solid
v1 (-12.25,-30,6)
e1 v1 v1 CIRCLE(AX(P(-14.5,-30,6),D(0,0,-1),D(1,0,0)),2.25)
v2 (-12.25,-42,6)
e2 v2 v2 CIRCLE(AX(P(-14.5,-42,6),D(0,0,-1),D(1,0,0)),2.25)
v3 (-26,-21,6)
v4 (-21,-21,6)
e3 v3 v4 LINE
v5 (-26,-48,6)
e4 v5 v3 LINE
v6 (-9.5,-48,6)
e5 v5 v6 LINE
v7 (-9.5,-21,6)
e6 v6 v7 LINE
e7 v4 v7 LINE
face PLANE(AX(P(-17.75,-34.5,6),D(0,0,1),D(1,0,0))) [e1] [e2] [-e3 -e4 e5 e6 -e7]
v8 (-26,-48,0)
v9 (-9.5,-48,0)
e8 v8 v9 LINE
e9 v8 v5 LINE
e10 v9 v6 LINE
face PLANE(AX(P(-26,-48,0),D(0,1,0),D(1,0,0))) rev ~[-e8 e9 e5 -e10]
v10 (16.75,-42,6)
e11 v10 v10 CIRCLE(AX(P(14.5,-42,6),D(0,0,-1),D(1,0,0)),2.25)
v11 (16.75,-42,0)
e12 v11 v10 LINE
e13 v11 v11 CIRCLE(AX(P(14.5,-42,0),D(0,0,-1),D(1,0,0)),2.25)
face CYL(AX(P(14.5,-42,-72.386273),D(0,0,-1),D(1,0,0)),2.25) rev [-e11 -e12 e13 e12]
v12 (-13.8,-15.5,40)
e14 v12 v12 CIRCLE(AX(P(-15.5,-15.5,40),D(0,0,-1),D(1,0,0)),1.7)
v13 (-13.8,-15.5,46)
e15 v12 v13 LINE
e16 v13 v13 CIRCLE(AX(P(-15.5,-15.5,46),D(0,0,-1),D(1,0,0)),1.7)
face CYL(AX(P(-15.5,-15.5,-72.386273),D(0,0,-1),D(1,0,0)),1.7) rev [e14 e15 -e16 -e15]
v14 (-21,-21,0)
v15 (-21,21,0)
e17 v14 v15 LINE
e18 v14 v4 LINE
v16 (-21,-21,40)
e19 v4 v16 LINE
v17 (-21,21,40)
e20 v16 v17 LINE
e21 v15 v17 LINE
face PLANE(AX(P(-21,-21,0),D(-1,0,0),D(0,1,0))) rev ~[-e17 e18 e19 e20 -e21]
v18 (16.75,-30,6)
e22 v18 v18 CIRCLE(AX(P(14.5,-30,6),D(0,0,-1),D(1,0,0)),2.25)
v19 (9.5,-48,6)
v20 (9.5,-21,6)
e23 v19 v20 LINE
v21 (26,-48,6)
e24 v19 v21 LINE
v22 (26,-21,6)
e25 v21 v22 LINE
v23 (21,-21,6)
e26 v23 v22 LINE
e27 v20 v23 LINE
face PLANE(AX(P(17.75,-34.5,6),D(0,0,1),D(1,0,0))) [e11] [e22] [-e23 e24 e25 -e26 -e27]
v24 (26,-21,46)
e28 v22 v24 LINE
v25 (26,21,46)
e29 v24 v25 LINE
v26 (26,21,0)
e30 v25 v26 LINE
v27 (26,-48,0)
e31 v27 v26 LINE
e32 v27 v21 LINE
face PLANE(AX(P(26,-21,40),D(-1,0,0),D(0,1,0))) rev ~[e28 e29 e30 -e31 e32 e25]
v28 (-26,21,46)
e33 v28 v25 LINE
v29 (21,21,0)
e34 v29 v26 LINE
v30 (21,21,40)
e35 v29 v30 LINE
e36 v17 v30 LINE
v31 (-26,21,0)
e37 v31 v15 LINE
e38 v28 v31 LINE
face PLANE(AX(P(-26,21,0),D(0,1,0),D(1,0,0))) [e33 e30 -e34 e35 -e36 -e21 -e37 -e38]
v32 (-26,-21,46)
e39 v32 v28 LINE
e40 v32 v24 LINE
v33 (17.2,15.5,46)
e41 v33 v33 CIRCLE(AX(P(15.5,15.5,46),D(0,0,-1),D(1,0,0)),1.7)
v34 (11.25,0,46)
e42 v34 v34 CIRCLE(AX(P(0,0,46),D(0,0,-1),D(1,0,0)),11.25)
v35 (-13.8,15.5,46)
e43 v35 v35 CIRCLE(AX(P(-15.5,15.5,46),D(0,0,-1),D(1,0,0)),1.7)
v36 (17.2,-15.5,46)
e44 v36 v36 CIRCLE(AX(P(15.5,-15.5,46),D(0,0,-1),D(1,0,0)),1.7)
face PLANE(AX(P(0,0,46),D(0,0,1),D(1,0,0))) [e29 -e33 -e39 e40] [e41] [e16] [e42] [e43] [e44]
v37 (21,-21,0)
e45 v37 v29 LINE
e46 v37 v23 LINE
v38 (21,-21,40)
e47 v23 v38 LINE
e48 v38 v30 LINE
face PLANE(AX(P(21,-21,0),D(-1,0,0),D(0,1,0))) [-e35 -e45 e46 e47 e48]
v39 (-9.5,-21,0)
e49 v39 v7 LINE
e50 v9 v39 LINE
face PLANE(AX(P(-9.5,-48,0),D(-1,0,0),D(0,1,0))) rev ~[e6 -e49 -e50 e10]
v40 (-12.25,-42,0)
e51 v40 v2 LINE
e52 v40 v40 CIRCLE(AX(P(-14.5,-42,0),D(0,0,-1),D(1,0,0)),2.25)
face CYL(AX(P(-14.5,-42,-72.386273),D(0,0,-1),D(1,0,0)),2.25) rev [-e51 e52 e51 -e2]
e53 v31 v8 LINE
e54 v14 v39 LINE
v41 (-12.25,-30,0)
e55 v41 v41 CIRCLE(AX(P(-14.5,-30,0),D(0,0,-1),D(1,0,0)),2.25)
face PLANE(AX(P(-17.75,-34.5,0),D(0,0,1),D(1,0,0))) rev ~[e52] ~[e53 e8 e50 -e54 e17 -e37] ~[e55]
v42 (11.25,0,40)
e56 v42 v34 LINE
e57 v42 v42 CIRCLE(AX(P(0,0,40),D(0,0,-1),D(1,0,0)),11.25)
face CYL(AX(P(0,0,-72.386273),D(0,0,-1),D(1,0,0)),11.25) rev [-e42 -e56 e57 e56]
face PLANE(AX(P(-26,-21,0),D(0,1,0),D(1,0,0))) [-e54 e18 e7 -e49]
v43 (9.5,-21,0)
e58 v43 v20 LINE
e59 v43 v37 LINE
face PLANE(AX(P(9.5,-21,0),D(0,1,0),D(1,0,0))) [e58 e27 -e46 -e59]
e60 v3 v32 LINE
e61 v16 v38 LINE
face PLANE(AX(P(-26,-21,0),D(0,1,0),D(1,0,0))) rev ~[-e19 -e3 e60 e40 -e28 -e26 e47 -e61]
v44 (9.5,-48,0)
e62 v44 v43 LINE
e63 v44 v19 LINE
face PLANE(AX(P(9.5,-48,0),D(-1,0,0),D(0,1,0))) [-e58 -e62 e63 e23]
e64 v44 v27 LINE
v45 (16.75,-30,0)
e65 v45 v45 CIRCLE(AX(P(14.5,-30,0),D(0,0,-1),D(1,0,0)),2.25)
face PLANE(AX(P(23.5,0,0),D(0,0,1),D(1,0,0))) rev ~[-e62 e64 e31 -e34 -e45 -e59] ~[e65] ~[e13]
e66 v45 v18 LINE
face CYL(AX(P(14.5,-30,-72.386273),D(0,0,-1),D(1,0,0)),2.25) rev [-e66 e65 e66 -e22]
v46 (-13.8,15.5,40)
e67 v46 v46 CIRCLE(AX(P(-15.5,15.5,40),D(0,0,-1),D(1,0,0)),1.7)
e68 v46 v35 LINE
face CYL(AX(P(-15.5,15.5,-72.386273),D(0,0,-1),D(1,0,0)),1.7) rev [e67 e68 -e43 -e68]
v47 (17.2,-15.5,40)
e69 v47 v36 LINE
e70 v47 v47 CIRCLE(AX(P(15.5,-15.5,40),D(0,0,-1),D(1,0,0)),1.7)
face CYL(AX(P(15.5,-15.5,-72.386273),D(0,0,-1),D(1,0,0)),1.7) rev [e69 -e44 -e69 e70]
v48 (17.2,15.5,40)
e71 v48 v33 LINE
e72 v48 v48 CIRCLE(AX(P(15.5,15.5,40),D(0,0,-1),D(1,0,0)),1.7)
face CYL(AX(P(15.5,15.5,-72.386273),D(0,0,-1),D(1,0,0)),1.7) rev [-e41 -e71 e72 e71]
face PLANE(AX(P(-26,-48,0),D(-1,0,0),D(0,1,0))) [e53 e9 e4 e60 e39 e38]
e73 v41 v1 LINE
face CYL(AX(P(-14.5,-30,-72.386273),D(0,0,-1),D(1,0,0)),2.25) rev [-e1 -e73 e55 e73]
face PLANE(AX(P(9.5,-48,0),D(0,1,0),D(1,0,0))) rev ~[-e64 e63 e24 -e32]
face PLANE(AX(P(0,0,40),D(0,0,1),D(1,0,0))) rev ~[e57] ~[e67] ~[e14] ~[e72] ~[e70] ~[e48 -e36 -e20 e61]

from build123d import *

# Parameters (mm, degrees)
EXTRUDE_START               = 40
SKETCH_1013_W               = 52
SKETCH_1013_H               = 42
EXTRUDE_1127_DEPTH          = 6
SKETCH_1179_W               = 5
SKETCH_1179_H               = 42
EXTRUDE_1393_DEPTH          = 40
SKETCH_1445_W               = 16.5
SKETCH_1445_H               = 27
EXTRUDE_1760_DEPTH          = 6
CUT_EXTRUDE_1818_DEPTH      = 72.38627319
CUT_EXTRUDE_1818_DEPTH_BACK = 72.38627319
SKETCH_1809_R               = 11.25
SKETCH_1809_R_2             = 1.7
CUT_EXTRUDE_1864_DEPTH      = 72.38627319
CUT_EXTRUDE_1864_DEPTH_BACK = 72.38627319
SKETCH_1856_R               = 2.25


with BuildPart() as part:
    # Sketch 1013 → Extrude 1127 (new body)
    with BuildSketch(Plane.XY.offset(EXTRUDE_START)):
        Rectangle(SKETCH_1013_W, SKETCH_1013_H)
    extrude(amount=EXTRUDE_1127_DEPTH)

    # Sketch 1179 → Extrude 1393 (add)
    with BuildSketch(Plane.XY):
        with Locations((-23.5, 0)):
            Rectangle(SKETCH_1179_W, SKETCH_1179_H)
        with Locations((23.5, 0)):
            Rectangle(SKETCH_1179_W, SKETCH_1179_H)
    extrude(amount=EXTRUDE_1393_DEPTH)

    # Sketch 1445 → Extrude 1760 (add)
    with BuildSketch(Plane.XY):
        with Locations((-17.75, -34.5)):
            Rectangle(SKETCH_1445_W, SKETCH_1445_H)
        with Locations((17.75, -34.5)):
            Rectangle(SKETCH_1445_W, SKETCH_1445_H)
    extrude(amount=EXTRUDE_1760_DEPTH)

    # Sketch 1809 → Cut-Extrude 1818 (cut, two sides: drawn at the far end of the back side and taken through both)
    with BuildSketch(Plane.XY.offset(-CUT_EXTRUDE_1818_DEPTH_BACK)):
        Circle(SKETCH_1809_R)
        with Locations((-15.5, -15.5)):
            Circle(SKETCH_1809_R_2)
        with Locations((-15.5, 15.5)):
            Circle(SKETCH_1809_R_2)
        with Locations((15.5, -15.5)):
            Circle(SKETCH_1809_R_2)
        with Locations((15.5, 15.5)):
            Circle(SKETCH_1809_R_2)
    extrude(amount=CUT_EXTRUDE_1818_DEPTH + CUT_EXTRUDE_1818_DEPTH_BACK, mode=Mode.SUBTRACT)

    # Sketch 1856 → Cut-Extrude 1864 (cut, two sides: drawn at the far end of the back side and taken through both)
    with BuildSketch(Plane.XY.offset(-CUT_EXTRUDE_1864_DEPTH_BACK)):
        with Locations((-14.5, -30)):
            Circle(SKETCH_1856_R)
        with Locations((-14.5, -42)):
            Circle(SKETCH_1856_R)
        with Locations((14.5, -30)):
            Circle(SKETCH_1856_R)
        with Locations((14.5, -42)):
            Circle(SKETCH_1856_R)
    extrude(amount=CUT_EXTRUDE_1864_DEPTH + CUT_EXTRUDE_1864_DEPTH_BACK, mode=Mode.SUBTRACT)


solid = part.part
